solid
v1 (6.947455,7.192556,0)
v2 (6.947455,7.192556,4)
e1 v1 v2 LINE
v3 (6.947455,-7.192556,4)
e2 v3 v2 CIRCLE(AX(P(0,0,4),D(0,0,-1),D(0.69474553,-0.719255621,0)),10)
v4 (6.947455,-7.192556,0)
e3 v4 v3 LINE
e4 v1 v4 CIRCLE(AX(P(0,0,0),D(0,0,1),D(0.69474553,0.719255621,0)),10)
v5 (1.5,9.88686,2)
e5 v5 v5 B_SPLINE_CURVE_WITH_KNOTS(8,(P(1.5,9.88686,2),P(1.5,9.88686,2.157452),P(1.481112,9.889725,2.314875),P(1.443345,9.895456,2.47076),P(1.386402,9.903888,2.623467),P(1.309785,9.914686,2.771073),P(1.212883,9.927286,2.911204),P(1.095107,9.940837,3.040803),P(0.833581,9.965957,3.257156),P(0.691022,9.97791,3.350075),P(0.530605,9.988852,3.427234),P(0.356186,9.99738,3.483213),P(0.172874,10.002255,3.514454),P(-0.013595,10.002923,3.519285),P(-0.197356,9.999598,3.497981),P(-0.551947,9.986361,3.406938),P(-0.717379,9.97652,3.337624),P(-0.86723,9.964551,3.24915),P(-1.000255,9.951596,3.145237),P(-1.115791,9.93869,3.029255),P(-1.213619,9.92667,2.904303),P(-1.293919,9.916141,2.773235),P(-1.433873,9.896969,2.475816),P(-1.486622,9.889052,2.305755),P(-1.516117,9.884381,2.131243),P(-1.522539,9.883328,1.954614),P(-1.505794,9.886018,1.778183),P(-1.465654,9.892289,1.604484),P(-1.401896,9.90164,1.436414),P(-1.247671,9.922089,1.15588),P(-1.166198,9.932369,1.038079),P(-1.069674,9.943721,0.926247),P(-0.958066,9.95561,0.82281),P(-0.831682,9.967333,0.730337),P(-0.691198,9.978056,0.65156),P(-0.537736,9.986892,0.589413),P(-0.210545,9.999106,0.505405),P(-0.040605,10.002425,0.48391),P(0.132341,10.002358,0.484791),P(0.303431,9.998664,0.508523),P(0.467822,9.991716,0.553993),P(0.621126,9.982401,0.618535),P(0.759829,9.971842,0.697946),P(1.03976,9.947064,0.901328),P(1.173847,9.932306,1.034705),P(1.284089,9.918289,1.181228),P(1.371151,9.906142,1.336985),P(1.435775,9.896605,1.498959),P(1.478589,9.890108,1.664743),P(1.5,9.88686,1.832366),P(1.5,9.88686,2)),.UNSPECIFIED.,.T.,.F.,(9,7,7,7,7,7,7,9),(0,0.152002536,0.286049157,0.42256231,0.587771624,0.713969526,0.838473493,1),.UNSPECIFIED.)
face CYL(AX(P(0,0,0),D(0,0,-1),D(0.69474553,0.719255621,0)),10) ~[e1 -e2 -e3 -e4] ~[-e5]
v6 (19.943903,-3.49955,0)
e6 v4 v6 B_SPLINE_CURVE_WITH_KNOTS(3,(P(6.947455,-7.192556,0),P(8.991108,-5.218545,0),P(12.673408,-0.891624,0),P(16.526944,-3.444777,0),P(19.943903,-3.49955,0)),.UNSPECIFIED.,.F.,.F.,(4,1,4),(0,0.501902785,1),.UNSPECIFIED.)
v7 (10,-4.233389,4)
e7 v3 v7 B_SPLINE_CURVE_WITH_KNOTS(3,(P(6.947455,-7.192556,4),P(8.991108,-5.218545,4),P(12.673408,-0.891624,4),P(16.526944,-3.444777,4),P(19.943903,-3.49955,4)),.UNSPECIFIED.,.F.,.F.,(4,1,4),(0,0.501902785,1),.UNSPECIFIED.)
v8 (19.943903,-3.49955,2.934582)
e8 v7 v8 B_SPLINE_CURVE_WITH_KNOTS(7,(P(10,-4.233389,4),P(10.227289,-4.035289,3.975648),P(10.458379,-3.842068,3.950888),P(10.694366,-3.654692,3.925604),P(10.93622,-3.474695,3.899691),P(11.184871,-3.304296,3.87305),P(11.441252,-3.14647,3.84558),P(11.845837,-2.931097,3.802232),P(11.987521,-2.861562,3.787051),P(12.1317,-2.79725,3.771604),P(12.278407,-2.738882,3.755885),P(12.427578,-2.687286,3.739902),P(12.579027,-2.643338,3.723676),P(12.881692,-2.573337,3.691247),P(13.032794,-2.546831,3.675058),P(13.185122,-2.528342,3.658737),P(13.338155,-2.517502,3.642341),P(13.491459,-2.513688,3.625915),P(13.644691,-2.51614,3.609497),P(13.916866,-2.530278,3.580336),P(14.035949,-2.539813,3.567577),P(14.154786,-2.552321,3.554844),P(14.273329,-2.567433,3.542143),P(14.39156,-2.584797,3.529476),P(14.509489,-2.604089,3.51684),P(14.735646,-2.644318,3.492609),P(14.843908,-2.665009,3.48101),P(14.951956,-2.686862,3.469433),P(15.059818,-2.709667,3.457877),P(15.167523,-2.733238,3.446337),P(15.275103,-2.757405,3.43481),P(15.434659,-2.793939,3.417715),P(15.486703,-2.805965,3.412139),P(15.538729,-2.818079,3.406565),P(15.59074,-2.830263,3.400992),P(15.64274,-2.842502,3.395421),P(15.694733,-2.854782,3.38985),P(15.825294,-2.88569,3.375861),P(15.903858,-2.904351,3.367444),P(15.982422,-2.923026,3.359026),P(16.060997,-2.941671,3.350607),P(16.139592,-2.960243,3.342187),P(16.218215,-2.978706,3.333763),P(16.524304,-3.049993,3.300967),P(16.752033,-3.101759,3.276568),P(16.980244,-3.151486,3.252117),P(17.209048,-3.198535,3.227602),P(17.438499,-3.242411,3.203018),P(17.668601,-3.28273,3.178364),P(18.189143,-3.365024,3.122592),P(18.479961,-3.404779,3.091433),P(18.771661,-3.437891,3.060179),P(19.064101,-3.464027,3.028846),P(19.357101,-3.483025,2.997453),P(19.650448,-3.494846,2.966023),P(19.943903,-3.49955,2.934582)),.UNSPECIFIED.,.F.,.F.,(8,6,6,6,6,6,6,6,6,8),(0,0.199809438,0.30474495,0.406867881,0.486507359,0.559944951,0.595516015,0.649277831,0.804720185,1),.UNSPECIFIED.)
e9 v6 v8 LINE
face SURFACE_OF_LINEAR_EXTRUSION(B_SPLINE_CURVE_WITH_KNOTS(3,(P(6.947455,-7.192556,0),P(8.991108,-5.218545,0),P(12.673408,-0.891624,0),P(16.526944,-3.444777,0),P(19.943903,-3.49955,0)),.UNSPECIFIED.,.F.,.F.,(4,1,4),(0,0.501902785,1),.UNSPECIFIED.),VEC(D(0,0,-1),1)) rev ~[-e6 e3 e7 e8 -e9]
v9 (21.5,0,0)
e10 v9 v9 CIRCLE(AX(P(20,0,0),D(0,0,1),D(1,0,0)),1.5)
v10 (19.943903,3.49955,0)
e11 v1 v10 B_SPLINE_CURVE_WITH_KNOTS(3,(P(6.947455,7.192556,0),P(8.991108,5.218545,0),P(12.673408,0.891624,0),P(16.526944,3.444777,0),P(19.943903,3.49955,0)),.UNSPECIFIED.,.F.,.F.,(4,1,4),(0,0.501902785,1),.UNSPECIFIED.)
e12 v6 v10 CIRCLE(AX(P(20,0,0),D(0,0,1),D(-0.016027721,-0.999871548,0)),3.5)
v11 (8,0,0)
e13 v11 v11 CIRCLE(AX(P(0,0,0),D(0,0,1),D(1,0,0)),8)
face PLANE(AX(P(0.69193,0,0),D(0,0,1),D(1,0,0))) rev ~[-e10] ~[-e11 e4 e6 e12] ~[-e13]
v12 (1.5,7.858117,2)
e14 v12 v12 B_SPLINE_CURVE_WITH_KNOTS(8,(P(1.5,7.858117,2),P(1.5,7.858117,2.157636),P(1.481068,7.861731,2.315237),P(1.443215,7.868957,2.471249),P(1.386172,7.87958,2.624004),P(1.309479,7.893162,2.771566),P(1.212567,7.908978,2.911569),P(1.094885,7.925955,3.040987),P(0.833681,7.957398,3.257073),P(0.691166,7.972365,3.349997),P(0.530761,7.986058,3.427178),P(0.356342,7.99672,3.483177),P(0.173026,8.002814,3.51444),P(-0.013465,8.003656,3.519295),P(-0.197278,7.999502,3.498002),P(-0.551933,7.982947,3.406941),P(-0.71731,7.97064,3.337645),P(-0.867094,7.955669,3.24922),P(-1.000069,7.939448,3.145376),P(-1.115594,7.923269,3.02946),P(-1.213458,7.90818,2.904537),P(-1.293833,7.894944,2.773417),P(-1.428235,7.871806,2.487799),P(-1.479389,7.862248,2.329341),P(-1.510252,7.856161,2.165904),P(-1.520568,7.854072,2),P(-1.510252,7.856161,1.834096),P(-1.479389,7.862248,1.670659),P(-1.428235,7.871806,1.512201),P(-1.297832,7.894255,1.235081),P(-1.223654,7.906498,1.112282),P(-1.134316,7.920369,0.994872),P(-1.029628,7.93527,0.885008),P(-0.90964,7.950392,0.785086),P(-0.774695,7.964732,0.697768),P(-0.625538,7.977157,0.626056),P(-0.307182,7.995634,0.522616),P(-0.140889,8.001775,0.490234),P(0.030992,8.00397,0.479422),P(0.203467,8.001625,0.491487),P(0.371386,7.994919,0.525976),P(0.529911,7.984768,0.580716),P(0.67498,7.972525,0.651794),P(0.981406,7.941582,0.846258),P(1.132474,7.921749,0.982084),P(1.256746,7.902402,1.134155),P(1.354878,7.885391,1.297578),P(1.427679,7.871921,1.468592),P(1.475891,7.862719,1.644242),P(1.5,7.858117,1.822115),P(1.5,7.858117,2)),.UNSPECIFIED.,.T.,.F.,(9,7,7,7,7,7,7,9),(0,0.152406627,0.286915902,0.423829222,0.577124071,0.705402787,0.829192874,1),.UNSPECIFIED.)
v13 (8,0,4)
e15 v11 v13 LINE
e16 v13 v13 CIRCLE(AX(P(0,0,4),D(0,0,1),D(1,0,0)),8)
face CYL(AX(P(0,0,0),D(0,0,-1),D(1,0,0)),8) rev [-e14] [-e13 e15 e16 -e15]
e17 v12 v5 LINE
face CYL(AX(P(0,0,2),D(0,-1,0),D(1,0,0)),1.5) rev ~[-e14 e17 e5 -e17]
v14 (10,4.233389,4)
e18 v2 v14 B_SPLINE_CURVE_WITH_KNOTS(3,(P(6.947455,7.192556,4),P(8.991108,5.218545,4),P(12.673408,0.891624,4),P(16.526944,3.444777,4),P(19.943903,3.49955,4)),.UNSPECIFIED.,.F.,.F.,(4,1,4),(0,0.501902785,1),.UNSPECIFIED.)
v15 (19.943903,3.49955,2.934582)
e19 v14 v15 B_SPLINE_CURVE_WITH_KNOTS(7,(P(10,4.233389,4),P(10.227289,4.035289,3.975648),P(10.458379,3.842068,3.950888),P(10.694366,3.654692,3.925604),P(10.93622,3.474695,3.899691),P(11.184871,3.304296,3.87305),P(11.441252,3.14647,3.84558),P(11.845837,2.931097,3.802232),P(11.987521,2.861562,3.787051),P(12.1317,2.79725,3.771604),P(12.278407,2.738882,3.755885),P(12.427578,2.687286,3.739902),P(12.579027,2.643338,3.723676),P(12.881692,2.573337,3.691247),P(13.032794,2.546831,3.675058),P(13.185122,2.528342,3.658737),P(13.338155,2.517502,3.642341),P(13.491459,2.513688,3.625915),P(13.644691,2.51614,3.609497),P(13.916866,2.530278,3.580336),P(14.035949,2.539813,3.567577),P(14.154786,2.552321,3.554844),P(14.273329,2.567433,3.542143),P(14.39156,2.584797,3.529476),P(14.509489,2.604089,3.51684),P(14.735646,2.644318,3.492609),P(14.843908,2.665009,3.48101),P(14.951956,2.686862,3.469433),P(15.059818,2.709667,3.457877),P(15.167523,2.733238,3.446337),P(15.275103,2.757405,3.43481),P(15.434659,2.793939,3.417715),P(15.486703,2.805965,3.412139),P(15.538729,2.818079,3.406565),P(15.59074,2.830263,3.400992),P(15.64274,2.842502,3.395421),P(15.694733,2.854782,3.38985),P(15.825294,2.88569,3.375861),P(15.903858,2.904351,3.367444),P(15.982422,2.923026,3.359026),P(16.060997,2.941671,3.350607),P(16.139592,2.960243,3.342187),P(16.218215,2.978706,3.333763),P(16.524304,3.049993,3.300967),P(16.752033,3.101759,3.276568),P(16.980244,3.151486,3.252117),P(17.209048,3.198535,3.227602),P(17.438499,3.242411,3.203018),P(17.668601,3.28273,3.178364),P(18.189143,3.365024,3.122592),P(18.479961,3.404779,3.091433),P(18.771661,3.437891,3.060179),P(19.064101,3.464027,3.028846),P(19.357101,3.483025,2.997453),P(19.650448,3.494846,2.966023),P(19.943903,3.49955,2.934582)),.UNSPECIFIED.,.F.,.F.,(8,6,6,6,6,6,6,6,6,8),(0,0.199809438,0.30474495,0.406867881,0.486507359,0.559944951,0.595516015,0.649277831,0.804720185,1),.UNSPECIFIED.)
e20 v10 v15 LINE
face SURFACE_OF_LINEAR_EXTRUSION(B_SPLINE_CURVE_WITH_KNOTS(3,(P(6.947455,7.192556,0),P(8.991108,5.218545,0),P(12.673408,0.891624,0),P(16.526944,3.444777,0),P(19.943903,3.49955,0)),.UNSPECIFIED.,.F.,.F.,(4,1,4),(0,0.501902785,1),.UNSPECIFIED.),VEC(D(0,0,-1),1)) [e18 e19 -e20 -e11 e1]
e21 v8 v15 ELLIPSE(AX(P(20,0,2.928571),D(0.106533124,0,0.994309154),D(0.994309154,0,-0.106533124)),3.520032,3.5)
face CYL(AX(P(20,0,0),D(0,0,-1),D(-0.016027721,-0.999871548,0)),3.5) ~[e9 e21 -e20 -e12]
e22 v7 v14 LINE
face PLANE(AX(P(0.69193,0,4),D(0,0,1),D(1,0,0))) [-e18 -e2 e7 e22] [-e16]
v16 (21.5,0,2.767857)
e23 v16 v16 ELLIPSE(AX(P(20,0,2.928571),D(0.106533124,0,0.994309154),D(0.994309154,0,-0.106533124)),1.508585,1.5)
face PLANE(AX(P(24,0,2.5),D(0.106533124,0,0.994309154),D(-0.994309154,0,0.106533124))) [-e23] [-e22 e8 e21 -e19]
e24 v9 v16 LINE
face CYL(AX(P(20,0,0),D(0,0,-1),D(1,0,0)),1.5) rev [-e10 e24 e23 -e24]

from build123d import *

# Parameters (mm, degrees)
F0_R     = 8
F0_R_2   = 1.5
F1_DEPTH = 4
F2_R     = 1.5
F3_DEPTH = 25
F5_DEPTH = 12.5


with BuildPart() as f1:
    # F0 (on Top) → F1 (new body)
    with BuildSketch(Plane.XY):
        with BuildLine():
            ThreePointArc((6.9474552963, -7.192556215), (9.2052852472, -3.9067535779), (10, 0))
            ThreePointArc((10, 0), (9.2052852472, 3.9067535779), (6.9474552963, 7.192556215))
            ThreePointArc((6.9474552963, 7.192556215), (-10, 0), (6.9474552963, -7.192556215))
        make_face()
        Circle(F0_R, mode=Mode.SUBTRACT)
        with BuildLine():
            ThreePointArc((6.9474552963, 7.192556215), (9.2052852472, 3.9067535779), (10, 0))
            ThreePointArc((10, 0), (9.2052852472, -3.9067535779), (6.9474552963, -7.192556215))
            add(Edge.make_bspline(
                [(6.9474552963, -7.192556215), (8.9911078661, -5.2185452451), (12.67340799, -0.8916241092), (16.5269435239, -3.4447773085), (19.9439029761, -3.4995504174)],
                knots=[0, 0, 0, 0, 0.5019027854, 1, 1, 1, 1], degree=3))
            ThreePointArc((19.9439029761, -3.4995504174), (16.5, 0), (19.9439029761, 3.4995504174))
            add(Edge.make_bspline(
                [(6.9474552963, 7.192556215), (8.9911078661, 5.2185452451), (12.67340799, 0.8916241092), (16.5269435239, 3.4447773085), (19.9439029761, 3.4995504174)],
                knots=[0, 0, 0, 0, 0.5019027854, 1, 1, 1, 1], degree=3))
        make_face()
        with BuildLine():
            ThreePointArc((23.5, 0), (22.4549603272, 2.4946281871), (19.9439029761, 3.4995504174))
            ThreePointArc((19.9439029761, 3.4995504174), (16.5, 0), (19.9439029761, -3.4995504174))
            ThreePointArc((19.9439029761, -3.4995504174), (22.4549603272, -2.4946281871), (23.5, 0))
        make_face()
        with Locations((20, 0)):
            Circle(F0_R_2, mode=Mode.SUBTRACT)
    extrude(amount=F1_DEPTH)

    # F2 (on Front) → F3 (cut)
    with BuildSketch(Plane.XZ):
        with Locations((0, 2)):
            Circle(F2_R)
    extrude(amount=-F3_DEPTH, mode=Mode.SUBTRACT)

    # F4 (on Front) → F5 (intersect, symmetric)
    with BuildSketch(Plane.XZ):
        Polygon((10, 4), (-10, 4), (-10, -3.1432664791), (24, -2.6836021327), (24, 2.5), align=None)
    extrude(amount=F5_DEPTH, both=True, mode=Mode.INTERSECT)


solid = f1.part
